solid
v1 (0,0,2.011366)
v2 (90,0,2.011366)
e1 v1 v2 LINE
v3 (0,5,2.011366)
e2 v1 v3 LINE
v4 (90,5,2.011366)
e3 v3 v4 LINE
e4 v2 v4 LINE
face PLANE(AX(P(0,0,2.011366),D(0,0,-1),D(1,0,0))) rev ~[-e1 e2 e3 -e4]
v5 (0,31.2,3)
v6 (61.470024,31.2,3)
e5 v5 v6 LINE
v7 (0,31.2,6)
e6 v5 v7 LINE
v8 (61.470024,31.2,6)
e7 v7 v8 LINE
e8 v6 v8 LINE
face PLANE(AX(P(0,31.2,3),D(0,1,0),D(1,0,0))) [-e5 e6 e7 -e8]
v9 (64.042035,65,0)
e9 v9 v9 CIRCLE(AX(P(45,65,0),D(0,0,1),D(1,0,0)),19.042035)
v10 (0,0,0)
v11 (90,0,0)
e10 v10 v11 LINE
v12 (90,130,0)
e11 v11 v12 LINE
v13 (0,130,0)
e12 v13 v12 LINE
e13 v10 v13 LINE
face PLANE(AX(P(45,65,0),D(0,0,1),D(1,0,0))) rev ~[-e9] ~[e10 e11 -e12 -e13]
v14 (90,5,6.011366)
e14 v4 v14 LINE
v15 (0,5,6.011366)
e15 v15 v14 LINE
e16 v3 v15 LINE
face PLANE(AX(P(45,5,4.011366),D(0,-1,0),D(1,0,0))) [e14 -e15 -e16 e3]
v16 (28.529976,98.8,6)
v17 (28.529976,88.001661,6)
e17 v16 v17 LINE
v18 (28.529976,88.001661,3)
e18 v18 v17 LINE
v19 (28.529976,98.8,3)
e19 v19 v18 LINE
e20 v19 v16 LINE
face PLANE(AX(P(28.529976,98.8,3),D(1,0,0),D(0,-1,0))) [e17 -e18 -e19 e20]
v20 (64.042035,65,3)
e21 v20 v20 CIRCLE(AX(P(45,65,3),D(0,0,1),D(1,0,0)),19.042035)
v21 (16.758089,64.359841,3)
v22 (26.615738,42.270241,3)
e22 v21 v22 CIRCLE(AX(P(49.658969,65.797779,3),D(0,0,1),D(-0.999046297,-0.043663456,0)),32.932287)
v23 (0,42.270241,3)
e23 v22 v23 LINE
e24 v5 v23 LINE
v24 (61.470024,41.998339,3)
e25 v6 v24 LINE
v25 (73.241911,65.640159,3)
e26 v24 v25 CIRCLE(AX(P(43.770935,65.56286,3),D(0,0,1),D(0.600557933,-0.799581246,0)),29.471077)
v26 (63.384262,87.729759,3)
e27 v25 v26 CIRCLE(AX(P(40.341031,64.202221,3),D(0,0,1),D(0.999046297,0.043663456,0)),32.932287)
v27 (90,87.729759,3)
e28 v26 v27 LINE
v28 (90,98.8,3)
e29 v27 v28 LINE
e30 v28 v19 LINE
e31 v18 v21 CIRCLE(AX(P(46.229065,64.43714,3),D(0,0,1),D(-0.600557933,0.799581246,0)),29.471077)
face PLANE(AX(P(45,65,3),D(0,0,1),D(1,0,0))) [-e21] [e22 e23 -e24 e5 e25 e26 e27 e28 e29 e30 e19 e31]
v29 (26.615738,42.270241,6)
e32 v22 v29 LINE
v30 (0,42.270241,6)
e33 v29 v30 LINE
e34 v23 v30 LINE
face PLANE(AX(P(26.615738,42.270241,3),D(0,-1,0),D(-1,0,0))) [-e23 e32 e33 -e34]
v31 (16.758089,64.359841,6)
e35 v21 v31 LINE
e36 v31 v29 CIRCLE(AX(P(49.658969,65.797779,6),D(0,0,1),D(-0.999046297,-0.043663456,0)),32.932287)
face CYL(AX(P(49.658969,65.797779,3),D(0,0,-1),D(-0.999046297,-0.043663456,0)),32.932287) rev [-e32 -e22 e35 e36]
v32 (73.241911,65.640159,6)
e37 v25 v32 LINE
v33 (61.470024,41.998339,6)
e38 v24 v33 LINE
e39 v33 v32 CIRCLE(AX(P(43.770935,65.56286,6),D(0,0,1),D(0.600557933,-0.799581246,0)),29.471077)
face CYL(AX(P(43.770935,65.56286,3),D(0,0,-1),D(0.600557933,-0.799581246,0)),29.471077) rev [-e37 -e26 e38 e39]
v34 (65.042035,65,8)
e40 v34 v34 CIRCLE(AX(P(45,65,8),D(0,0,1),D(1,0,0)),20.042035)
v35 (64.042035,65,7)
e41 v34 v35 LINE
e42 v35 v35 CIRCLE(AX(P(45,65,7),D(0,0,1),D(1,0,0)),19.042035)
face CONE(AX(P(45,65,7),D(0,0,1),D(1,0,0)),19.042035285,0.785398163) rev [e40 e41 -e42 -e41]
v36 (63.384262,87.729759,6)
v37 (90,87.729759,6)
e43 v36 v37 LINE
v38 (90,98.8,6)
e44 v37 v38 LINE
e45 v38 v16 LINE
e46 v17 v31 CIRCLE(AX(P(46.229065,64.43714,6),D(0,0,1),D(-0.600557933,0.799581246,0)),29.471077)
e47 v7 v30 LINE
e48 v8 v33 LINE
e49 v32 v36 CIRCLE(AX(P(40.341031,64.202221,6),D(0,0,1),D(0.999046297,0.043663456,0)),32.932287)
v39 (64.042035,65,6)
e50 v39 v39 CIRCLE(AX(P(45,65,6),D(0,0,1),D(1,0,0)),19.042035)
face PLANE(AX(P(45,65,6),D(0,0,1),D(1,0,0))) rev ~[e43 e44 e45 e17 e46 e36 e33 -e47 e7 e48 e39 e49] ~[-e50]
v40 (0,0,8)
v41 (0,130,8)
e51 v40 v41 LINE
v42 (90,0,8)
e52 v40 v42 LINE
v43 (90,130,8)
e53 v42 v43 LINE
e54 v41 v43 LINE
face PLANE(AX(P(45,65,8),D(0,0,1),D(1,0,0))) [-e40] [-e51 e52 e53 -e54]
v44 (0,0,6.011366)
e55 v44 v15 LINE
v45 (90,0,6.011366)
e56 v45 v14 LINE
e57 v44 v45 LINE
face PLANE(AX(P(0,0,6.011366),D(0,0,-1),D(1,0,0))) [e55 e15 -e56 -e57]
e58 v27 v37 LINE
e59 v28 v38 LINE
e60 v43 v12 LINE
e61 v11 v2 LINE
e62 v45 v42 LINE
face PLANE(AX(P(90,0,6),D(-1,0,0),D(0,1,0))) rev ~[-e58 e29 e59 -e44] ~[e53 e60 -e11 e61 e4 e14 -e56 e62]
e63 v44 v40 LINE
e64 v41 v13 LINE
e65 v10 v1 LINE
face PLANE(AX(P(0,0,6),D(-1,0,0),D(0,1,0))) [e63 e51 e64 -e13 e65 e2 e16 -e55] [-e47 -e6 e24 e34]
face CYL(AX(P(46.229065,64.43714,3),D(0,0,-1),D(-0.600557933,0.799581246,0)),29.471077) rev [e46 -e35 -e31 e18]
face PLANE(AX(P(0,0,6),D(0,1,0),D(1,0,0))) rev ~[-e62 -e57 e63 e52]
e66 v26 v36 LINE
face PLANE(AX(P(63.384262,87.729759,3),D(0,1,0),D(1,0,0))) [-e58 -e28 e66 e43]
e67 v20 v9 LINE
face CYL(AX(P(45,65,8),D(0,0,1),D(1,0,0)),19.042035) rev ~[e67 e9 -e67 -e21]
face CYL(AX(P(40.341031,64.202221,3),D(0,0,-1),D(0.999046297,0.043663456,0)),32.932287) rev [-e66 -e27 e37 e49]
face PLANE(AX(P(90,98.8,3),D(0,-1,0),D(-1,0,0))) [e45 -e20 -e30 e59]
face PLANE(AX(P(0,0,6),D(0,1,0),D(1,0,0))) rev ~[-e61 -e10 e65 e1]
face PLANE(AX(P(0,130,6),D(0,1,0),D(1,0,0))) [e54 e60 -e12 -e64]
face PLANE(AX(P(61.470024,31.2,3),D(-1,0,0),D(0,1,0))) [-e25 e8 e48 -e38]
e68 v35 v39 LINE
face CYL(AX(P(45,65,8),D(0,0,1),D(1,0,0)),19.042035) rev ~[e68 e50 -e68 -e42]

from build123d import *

# Parameters (mm, degrees)
SKETCH_W        = 90
SKETCH_H        = 130
PAD_DEPTH       = 3
PAD007_DEPTH    = 3
PAD006_DEPTH    = 3
SKETCH009_W     = 90
SKETCH009_H     = 130
PAD008_DEPTH    = 2
SKETCH010_R     = 19.0420352847
POCKET_DEPTH    = 10
CHAMFER_SIZE    = 1
SKETCH011_W     = 90
SKETCH011_H     = 4
POCKET001_DEPTH = 5


with BuildPart() as pad007:
    # Sketch → Pad (new body)
    with BuildSketch(Plane.XY):
        with Locations((45, 65)):
            Rectangle(SKETCH_W, SKETCH_H)
    extrude(amount=PAD_DEPTH)

    # Sketch006 → Pad007 (new body)
    with BuildSketch(Plane.XY.offset(3)):
        with BuildLine():
            Line((0, 0), (90, 0))
            Line((90, 0), (90, 31.200001))
            Line((90, 87.7297593266), (90, 31.200001))
            Line((63.384261619, 87.7297593266), (90, 87.7297593266))
            ThreePointArc((73.2419105019, 65.6401585516), (70.414665309, 77.6228043326), (63.384261619, 87.7297593266))
            ThreePointArc((61.470024, 41.9983394519), (70.1525128312, 52.4267750542), (73.2419105019, 65.6401585516))
            Line((61.470024, 31.2), (61.470024, 41.9983394519))
            Line((0, 31.2), (61.470024, 31.2))
            Line((0, 31.2), (0, 0))
        make_face()
    extrude(amount=PAD007_DEPTH)


with BuildPart() as pocket001:
    # Sketch008 → Pad006 (new body)
    with BuildSketch(Plane(origin=(90, 130, 3), x_dir=(-1, 0, 0), z_dir=(0, 0, 1))):
        with BuildLine():
            Line((0, 0), (90, 0))
            Line((90, 0), (90, 31.200001))
            Line((90, 87.7297593266), (90, 31.200001))
            Line((63.384261619, 87.7297593266), (90, 87.7297593266))
            ThreePointArc((73.2419105019, 65.6401585516), (70.414665309, 77.6228043326), (63.384261619, 87.7297593266))
            ThreePointArc((61.470024, 41.9983394519), (70.1525128312, 52.4267750542), (73.2419105019, 65.6401585516))
            Line((61.470024, 31.2), (61.470024, 41.9983394519))
            Line((0, 31.2), (61.470024, 31.2))
            Line((0, 31.2), (0, 0))
        make_face()
    extrude(amount=PAD006_DEPTH)

    # Fusion: union Pad007
    add(pad007.part)

    # Sketch009 → Pad008 (new body)
    with BuildSketch(Plane.XY.offset(6)):
        with Locations((45, 65)):
            Rectangle(SKETCH009_W, SKETCH009_H)
    extrude(amount=PAD008_DEPTH)

    # Sketch010 → Pocket (cut)
    with BuildSketch(Plane.XY.offset(8)):
        with Locations((45, 65)):
            Circle(SKETCH010_R)
    extrude(amount=-POCKET_DEPTH, mode=Mode.SUBTRACT)

    # Chamfer
    chamfer_edges = [pocket001.edges().sort_by_distance(p)[0] for p in [
        (25.957965, 65, 8),
    ]]
    chamfer(chamfer_edges, length=CHAMFER_SIZE)

    # Sketch011 → Pocket001 (cut)
    with BuildSketch(Plane.XZ):
        with Locations((45, 4.0113657125)):
            Rectangle(SKETCH011_W, SKETCH011_H)
    extrude(amount=-POCKET001_DEPTH, mode=Mode.SUBTRACT)


solid = pocket001.part
